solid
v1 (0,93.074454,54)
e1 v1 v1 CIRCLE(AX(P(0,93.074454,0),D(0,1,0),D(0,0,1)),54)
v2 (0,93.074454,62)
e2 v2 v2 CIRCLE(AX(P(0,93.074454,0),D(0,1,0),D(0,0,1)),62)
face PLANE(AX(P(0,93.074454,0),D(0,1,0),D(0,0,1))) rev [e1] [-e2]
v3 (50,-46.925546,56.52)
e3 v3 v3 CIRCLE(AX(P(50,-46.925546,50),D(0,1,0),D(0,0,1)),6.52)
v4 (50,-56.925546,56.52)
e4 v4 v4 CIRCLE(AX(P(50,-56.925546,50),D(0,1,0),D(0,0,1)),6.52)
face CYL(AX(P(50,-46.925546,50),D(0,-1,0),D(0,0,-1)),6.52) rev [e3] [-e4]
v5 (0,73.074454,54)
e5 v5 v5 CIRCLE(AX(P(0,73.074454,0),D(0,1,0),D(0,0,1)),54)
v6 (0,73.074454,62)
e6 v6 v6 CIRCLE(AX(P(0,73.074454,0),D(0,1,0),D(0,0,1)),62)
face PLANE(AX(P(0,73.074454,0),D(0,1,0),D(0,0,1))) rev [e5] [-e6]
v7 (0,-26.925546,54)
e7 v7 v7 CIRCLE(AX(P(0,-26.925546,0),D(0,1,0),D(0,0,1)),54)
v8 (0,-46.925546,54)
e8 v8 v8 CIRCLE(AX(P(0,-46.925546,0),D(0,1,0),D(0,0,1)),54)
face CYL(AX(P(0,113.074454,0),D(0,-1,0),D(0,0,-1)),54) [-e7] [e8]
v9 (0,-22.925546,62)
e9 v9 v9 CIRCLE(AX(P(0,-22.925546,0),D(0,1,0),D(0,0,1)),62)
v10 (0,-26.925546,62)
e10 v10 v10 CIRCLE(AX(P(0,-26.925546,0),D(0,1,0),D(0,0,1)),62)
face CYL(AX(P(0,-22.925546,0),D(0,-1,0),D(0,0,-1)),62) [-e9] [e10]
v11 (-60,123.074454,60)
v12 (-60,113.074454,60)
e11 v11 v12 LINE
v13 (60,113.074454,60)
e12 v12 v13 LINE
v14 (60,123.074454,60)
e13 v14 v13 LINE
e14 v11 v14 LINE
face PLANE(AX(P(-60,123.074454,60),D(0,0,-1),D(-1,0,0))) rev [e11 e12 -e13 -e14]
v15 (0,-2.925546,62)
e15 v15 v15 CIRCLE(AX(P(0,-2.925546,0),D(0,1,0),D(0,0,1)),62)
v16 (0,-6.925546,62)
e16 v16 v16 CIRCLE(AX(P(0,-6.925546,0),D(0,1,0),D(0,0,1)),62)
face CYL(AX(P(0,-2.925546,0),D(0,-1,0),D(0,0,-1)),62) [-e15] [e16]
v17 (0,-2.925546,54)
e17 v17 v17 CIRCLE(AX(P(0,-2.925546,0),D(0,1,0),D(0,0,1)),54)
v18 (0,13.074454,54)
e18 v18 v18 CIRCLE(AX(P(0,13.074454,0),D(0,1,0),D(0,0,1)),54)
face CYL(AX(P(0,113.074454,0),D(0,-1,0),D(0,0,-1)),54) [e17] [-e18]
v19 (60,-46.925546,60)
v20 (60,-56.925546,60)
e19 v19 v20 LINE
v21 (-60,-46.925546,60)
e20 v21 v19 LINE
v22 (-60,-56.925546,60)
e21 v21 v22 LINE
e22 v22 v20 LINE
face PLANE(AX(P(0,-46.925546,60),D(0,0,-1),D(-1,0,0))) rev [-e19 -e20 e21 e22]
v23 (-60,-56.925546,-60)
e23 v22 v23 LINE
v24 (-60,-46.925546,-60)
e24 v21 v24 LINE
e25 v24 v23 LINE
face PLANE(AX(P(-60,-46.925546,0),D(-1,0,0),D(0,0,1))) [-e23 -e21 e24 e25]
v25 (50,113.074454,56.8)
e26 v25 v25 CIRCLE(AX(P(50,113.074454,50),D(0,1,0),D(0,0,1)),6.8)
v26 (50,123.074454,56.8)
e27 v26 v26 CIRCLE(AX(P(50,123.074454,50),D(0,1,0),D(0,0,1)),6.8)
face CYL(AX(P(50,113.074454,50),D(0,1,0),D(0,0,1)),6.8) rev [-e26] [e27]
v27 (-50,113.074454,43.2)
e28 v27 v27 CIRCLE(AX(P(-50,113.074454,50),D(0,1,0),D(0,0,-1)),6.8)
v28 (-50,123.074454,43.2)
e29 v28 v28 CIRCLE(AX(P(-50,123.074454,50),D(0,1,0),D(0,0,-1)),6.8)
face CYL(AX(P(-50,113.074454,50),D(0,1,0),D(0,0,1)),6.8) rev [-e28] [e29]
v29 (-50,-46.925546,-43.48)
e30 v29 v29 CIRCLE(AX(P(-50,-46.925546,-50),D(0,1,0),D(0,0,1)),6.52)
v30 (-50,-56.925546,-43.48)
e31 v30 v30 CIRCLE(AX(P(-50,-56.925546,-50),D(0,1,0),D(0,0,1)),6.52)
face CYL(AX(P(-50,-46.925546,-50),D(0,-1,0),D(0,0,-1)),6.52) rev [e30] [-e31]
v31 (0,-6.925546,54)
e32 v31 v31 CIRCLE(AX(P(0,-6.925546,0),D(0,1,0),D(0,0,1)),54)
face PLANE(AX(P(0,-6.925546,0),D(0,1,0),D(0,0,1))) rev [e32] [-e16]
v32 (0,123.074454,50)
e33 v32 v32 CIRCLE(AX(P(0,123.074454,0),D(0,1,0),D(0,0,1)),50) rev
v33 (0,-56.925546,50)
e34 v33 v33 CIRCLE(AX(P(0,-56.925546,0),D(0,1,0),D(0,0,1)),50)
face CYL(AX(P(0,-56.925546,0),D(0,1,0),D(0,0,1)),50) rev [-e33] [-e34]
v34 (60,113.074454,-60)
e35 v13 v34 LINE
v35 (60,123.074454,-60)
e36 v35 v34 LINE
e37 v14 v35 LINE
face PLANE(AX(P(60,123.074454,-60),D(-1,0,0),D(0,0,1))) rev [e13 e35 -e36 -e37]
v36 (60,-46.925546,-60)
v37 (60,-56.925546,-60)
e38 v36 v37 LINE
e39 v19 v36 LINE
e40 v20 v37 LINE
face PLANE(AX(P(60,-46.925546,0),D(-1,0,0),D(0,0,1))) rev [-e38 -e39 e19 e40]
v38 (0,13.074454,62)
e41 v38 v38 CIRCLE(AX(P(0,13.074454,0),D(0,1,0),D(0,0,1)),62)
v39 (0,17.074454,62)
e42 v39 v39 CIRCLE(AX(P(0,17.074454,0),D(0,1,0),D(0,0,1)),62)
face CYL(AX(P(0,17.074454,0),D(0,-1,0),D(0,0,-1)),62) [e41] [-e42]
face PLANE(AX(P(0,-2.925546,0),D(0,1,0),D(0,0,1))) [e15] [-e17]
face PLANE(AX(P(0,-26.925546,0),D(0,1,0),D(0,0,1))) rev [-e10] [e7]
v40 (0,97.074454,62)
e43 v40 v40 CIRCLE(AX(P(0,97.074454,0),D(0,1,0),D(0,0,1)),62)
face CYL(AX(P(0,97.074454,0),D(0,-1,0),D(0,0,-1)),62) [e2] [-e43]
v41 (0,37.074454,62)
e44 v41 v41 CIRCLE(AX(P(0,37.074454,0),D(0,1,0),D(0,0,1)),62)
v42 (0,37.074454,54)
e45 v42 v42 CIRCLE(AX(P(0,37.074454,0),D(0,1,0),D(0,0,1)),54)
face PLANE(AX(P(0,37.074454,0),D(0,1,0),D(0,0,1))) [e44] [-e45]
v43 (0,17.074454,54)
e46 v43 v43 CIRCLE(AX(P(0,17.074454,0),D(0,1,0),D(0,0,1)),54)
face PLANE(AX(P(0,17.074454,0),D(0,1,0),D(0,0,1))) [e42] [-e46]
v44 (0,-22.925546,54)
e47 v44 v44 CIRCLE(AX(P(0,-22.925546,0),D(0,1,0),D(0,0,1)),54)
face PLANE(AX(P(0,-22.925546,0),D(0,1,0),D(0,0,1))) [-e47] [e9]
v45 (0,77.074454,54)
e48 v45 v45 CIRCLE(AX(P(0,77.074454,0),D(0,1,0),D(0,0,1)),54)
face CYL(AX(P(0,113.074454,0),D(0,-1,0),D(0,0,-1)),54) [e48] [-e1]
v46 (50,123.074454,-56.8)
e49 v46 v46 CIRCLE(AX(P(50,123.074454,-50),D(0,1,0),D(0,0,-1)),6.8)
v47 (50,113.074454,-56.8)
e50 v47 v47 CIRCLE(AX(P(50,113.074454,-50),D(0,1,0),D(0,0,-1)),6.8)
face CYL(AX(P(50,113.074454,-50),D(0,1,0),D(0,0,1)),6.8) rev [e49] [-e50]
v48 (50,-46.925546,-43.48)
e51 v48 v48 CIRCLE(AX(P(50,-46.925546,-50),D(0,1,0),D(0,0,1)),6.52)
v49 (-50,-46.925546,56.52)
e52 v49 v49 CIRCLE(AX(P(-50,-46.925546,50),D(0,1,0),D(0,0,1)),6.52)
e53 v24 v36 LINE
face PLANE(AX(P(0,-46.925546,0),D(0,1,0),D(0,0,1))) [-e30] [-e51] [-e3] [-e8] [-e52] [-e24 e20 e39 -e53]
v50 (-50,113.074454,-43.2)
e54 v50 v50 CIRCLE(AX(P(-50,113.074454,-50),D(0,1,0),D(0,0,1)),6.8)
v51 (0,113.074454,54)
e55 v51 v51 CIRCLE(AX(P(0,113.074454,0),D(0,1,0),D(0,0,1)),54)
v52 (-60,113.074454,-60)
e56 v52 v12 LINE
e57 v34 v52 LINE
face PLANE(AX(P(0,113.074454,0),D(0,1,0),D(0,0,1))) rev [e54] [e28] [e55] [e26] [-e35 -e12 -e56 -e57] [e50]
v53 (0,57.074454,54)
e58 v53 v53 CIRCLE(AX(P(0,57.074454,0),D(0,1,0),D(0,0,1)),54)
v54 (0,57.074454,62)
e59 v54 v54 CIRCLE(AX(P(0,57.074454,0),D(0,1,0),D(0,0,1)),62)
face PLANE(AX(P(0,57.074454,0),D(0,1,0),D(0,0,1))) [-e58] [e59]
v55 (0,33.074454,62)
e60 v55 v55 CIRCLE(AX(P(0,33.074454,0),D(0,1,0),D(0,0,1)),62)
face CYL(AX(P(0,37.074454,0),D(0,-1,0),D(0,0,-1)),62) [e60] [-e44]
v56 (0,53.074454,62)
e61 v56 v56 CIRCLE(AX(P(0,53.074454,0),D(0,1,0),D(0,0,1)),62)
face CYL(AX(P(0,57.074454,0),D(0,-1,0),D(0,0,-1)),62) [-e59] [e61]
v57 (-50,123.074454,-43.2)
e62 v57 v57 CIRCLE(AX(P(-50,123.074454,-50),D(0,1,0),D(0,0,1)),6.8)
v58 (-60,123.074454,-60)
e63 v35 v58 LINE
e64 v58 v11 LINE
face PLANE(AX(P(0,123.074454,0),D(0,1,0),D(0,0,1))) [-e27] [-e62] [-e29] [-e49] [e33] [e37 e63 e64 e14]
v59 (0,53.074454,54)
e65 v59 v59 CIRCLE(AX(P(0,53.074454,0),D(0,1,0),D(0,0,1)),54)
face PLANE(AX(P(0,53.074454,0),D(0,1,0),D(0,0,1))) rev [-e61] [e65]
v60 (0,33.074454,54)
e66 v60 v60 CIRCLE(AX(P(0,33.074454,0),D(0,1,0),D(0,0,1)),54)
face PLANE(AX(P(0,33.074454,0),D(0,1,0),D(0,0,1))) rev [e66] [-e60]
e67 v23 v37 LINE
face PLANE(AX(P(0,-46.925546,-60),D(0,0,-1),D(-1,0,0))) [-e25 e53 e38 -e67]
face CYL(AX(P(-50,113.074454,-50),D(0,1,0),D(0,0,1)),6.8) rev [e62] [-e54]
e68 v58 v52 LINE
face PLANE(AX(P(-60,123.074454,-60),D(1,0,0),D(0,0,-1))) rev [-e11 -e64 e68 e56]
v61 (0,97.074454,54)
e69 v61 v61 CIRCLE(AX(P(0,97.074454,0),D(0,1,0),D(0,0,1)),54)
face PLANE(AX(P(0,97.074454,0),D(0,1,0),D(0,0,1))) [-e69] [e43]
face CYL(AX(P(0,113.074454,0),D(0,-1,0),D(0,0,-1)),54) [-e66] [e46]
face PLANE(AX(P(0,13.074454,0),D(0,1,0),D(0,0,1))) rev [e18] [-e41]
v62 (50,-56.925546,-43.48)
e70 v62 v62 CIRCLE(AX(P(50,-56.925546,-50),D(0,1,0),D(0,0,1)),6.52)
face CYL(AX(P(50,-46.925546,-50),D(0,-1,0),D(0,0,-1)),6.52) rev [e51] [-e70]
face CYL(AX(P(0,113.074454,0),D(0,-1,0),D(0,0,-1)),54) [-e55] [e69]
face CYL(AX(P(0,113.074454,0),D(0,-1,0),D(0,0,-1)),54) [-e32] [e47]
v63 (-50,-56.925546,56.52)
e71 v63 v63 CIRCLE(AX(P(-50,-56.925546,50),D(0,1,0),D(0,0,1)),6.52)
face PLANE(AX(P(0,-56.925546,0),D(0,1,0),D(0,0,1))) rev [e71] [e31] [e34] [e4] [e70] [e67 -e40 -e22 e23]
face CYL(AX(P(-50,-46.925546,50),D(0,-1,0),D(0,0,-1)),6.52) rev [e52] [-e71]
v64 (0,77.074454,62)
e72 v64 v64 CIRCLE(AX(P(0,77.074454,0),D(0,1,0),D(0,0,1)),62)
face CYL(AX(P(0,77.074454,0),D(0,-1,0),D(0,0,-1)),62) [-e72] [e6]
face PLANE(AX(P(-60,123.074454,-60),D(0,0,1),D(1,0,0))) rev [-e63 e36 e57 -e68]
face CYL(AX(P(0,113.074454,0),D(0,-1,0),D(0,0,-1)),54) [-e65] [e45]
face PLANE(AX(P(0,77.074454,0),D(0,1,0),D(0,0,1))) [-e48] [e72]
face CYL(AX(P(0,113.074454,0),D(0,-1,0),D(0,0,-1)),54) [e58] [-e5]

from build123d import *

# Parameters (mm, degrees)
SKETCH1_W               = 30
SKETCH1_H               = 30
SKETCH1_R               = 1.63
BOSS_EXTRUDE1_DEPTH     = 2.5
SKETCH2_R               = 12.5
CUT_EXTRUDE1_DEPTH      = 22.360009363
BOSS_EXTRUDE2_START     = 40
SKETCH3_R               = 13.5
SKETCH3_R_2             = 12.5
BOSS_EXTRUDE2_DEPTH     = 40
BOSS_EXTRUDE3_START     = -5
SKETCH4_R               = 15.5
BOSS_EXTRUDE3_DEPTH     = 1
LPATTERN1_COUNT         = 7
LPATTERN1_PITCH         = 5
CUT_EXTRUDE2_DEPTH      = 11
CUT_EXTRUDE2_DEPTH_BACK = 45.30293444
SKETCH5_R               = 12.5
SCALE1_SCALE            = 4
SKETCH8_W               = 120
SKETCH8_H               = 120
BOSS_EXTRUDE5_DEPTH     = 10
SKETCH9_R               = 6.8
CUT_EXTRUDE3_DEPTH      = 10
CUT_EXTRUDE4_REACH      = 202.22
SKETCH10_R              = 50


with BuildPart() as part:
    # Sketch1 → Boss-Extrude1 (new body)
    with BuildSketch(Plane(origin=(0, 0, 0), x_dir=(1, 0, 0), z_dir=(0, 1, 0))):
        Rectangle(SKETCH1_W, SKETCH1_H)
        with Locations(Location((-12.5, 12.5, 0), (0, 0, 270))):
            Circle(SKETCH1_R, mode=Mode.SUBTRACT)
        with Locations(Location((12.5, 12.5, 0), (0, 0, 270))):
            Circle(SKETCH1_R, mode=Mode.SUBTRACT)
        with Locations(Location((12.5, -12.5, 0), (0, 0, 270))):
            Circle(SKETCH1_R, mode=Mode.SUBTRACT)
        with Locations(Location((-12.5, -12.5, 0), (0, 0, 270))):
            Circle(SKETCH1_R, mode=Mode.SUBTRACT)
    extrude(amount=BOSS_EXTRUDE1_DEPTH)

    # Sketch2 → Cut-Extrude1 (cut, through all)
    with BuildSketch(Plane(origin=(0, 2.5, 0), x_dir=(1, 0, 0), z_dir=(0, 1, 0))):
        with Locations(Location((0, 0, 0), (0, 0, 270))):
            Circle(SKETCH2_R)
    extrude(amount=-CUT_EXTRUDE1_DEPTH, mode=Mode.SUBTRACT)

    # Sketch3 → Boss-Extrude2 (add)
    with BuildSketch(Plane(origin=(0, 2.5, 0), x_dir=(1, 0, 0), z_dir=(0, 1, 0)).offset(BOSS_EXTRUDE2_START)):
        with Locations(Location((0, 0, 0), (0, 0, 270))):
            Circle(SKETCH3_R)
        with Locations(Location((0, 0, 0), (0, 0, 270))):
            Circle(SKETCH3_R_2, mode=Mode.SUBTRACT)
    extrude(amount=-BOSS_EXTRUDE2_DEPTH)

    # Sketch4 → Boss-Extrude3 (add)
    with BuildSketch(Plane(origin=(0, 42.5, 0), x_dir=(1, 0, 0), z_dir=(0, 1, 0)).offset(BOSS_EXTRUDE3_START)):
        with Locations(Location((0, 0, 0), (0, 0, 270))):
            Circle(SKETCH4_R)
    boss_extrude3 = extrude(amount=BOSS_EXTRUDE3_DEPTH)

    # LPattern1: Boss-Extrude3 ×7
    with Locations(*[(0, -i * LPATTERN1_PITCH, 0) for i in range(1, LPATTERN1_COUNT)]):
        add(boss_extrude3)

    # Sketch5 → Cut-Extrude2 (cut, two sides: drawn at the far end of the back side and taken through both)
    with BuildSketch(Plane(origin=(0, 38.5, 0), x_dir=(1, 0, 0), z_dir=(0, 1, 0)).offset(-CUT_EXTRUDE2_DEPTH_BACK)):
        with Locations(Location((0, 0, 0), (0, 0, 270))):
            Circle(SKETCH5_R)
    extrude(amount=CUT_EXTRUDE2_DEPTH + CUT_EXTRUDE2_DEPTH_BACK, mode=Mode.SUBTRACT)


with BuildPart() as part_1:
    # Scale1: scaled about (0, 18.975181949, 0)
    add(part.part.scale(SCALE1_SCALE).moved(Location((0, -56.925545847, 0))))

    # Sketch8 → Boss-Extrude5 (add)
    with BuildSketch(Plane(origin=(0, 113.074454153, 0), x_dir=(1, 0, 0), z_dir=(0, 1, 0))):
        Rectangle(SKETCH8_W, SKETCH8_H)
    extrude(amount=BOSS_EXTRUDE5_DEPTH)

    # Sketch9 → Cut-Extrude3 (cut)
    with BuildSketch(Plane(origin=(0, 123.074454153, 0), x_dir=(1, 0, 0), z_dir=(0, 1, 0))):
        with Locations(Location((50, -50, 0), (0, 0, 270))):
            Circle(SKETCH9_R)
        with Locations(Location((-50, -50, 0), (0, 0, 90))):
            Circle(SKETCH9_R)
        with Locations(Location((-50, 50, 0), (0, 0, 270))):
            Circle(SKETCH9_R)
        with Locations(Location((50, 50, 0), (0, 0, 90))):
            Circle(SKETCH9_R)
    extrude(amount=-CUT_EXTRUDE3_DEPTH, mode=Mode.SUBTRACT)

    # Sketch10 → Cut-Extrude4 (cut, up to next)
    with BuildSketch(Plane.XZ.offset(56.925545847), mode=Mode.PRIVATE) as cut_extrude4_sk1:
        with Locations(Location((0, 0, 0), (0, 0, 90))):
            Circle(SKETCH10_R)
    cut_extrude4_tool1 = extrude(cut_extrude4_sk1.sketch, amount=-CUT_EXTRUDE4_REACH, mode=Mode.PRIVATE) & part_1.part
    add(cut_extrude4_tool1.solids().sort_by_distance((0, -56.925546, 0))[0], mode=Mode.SUBTRACT)


solid = part_1.part
